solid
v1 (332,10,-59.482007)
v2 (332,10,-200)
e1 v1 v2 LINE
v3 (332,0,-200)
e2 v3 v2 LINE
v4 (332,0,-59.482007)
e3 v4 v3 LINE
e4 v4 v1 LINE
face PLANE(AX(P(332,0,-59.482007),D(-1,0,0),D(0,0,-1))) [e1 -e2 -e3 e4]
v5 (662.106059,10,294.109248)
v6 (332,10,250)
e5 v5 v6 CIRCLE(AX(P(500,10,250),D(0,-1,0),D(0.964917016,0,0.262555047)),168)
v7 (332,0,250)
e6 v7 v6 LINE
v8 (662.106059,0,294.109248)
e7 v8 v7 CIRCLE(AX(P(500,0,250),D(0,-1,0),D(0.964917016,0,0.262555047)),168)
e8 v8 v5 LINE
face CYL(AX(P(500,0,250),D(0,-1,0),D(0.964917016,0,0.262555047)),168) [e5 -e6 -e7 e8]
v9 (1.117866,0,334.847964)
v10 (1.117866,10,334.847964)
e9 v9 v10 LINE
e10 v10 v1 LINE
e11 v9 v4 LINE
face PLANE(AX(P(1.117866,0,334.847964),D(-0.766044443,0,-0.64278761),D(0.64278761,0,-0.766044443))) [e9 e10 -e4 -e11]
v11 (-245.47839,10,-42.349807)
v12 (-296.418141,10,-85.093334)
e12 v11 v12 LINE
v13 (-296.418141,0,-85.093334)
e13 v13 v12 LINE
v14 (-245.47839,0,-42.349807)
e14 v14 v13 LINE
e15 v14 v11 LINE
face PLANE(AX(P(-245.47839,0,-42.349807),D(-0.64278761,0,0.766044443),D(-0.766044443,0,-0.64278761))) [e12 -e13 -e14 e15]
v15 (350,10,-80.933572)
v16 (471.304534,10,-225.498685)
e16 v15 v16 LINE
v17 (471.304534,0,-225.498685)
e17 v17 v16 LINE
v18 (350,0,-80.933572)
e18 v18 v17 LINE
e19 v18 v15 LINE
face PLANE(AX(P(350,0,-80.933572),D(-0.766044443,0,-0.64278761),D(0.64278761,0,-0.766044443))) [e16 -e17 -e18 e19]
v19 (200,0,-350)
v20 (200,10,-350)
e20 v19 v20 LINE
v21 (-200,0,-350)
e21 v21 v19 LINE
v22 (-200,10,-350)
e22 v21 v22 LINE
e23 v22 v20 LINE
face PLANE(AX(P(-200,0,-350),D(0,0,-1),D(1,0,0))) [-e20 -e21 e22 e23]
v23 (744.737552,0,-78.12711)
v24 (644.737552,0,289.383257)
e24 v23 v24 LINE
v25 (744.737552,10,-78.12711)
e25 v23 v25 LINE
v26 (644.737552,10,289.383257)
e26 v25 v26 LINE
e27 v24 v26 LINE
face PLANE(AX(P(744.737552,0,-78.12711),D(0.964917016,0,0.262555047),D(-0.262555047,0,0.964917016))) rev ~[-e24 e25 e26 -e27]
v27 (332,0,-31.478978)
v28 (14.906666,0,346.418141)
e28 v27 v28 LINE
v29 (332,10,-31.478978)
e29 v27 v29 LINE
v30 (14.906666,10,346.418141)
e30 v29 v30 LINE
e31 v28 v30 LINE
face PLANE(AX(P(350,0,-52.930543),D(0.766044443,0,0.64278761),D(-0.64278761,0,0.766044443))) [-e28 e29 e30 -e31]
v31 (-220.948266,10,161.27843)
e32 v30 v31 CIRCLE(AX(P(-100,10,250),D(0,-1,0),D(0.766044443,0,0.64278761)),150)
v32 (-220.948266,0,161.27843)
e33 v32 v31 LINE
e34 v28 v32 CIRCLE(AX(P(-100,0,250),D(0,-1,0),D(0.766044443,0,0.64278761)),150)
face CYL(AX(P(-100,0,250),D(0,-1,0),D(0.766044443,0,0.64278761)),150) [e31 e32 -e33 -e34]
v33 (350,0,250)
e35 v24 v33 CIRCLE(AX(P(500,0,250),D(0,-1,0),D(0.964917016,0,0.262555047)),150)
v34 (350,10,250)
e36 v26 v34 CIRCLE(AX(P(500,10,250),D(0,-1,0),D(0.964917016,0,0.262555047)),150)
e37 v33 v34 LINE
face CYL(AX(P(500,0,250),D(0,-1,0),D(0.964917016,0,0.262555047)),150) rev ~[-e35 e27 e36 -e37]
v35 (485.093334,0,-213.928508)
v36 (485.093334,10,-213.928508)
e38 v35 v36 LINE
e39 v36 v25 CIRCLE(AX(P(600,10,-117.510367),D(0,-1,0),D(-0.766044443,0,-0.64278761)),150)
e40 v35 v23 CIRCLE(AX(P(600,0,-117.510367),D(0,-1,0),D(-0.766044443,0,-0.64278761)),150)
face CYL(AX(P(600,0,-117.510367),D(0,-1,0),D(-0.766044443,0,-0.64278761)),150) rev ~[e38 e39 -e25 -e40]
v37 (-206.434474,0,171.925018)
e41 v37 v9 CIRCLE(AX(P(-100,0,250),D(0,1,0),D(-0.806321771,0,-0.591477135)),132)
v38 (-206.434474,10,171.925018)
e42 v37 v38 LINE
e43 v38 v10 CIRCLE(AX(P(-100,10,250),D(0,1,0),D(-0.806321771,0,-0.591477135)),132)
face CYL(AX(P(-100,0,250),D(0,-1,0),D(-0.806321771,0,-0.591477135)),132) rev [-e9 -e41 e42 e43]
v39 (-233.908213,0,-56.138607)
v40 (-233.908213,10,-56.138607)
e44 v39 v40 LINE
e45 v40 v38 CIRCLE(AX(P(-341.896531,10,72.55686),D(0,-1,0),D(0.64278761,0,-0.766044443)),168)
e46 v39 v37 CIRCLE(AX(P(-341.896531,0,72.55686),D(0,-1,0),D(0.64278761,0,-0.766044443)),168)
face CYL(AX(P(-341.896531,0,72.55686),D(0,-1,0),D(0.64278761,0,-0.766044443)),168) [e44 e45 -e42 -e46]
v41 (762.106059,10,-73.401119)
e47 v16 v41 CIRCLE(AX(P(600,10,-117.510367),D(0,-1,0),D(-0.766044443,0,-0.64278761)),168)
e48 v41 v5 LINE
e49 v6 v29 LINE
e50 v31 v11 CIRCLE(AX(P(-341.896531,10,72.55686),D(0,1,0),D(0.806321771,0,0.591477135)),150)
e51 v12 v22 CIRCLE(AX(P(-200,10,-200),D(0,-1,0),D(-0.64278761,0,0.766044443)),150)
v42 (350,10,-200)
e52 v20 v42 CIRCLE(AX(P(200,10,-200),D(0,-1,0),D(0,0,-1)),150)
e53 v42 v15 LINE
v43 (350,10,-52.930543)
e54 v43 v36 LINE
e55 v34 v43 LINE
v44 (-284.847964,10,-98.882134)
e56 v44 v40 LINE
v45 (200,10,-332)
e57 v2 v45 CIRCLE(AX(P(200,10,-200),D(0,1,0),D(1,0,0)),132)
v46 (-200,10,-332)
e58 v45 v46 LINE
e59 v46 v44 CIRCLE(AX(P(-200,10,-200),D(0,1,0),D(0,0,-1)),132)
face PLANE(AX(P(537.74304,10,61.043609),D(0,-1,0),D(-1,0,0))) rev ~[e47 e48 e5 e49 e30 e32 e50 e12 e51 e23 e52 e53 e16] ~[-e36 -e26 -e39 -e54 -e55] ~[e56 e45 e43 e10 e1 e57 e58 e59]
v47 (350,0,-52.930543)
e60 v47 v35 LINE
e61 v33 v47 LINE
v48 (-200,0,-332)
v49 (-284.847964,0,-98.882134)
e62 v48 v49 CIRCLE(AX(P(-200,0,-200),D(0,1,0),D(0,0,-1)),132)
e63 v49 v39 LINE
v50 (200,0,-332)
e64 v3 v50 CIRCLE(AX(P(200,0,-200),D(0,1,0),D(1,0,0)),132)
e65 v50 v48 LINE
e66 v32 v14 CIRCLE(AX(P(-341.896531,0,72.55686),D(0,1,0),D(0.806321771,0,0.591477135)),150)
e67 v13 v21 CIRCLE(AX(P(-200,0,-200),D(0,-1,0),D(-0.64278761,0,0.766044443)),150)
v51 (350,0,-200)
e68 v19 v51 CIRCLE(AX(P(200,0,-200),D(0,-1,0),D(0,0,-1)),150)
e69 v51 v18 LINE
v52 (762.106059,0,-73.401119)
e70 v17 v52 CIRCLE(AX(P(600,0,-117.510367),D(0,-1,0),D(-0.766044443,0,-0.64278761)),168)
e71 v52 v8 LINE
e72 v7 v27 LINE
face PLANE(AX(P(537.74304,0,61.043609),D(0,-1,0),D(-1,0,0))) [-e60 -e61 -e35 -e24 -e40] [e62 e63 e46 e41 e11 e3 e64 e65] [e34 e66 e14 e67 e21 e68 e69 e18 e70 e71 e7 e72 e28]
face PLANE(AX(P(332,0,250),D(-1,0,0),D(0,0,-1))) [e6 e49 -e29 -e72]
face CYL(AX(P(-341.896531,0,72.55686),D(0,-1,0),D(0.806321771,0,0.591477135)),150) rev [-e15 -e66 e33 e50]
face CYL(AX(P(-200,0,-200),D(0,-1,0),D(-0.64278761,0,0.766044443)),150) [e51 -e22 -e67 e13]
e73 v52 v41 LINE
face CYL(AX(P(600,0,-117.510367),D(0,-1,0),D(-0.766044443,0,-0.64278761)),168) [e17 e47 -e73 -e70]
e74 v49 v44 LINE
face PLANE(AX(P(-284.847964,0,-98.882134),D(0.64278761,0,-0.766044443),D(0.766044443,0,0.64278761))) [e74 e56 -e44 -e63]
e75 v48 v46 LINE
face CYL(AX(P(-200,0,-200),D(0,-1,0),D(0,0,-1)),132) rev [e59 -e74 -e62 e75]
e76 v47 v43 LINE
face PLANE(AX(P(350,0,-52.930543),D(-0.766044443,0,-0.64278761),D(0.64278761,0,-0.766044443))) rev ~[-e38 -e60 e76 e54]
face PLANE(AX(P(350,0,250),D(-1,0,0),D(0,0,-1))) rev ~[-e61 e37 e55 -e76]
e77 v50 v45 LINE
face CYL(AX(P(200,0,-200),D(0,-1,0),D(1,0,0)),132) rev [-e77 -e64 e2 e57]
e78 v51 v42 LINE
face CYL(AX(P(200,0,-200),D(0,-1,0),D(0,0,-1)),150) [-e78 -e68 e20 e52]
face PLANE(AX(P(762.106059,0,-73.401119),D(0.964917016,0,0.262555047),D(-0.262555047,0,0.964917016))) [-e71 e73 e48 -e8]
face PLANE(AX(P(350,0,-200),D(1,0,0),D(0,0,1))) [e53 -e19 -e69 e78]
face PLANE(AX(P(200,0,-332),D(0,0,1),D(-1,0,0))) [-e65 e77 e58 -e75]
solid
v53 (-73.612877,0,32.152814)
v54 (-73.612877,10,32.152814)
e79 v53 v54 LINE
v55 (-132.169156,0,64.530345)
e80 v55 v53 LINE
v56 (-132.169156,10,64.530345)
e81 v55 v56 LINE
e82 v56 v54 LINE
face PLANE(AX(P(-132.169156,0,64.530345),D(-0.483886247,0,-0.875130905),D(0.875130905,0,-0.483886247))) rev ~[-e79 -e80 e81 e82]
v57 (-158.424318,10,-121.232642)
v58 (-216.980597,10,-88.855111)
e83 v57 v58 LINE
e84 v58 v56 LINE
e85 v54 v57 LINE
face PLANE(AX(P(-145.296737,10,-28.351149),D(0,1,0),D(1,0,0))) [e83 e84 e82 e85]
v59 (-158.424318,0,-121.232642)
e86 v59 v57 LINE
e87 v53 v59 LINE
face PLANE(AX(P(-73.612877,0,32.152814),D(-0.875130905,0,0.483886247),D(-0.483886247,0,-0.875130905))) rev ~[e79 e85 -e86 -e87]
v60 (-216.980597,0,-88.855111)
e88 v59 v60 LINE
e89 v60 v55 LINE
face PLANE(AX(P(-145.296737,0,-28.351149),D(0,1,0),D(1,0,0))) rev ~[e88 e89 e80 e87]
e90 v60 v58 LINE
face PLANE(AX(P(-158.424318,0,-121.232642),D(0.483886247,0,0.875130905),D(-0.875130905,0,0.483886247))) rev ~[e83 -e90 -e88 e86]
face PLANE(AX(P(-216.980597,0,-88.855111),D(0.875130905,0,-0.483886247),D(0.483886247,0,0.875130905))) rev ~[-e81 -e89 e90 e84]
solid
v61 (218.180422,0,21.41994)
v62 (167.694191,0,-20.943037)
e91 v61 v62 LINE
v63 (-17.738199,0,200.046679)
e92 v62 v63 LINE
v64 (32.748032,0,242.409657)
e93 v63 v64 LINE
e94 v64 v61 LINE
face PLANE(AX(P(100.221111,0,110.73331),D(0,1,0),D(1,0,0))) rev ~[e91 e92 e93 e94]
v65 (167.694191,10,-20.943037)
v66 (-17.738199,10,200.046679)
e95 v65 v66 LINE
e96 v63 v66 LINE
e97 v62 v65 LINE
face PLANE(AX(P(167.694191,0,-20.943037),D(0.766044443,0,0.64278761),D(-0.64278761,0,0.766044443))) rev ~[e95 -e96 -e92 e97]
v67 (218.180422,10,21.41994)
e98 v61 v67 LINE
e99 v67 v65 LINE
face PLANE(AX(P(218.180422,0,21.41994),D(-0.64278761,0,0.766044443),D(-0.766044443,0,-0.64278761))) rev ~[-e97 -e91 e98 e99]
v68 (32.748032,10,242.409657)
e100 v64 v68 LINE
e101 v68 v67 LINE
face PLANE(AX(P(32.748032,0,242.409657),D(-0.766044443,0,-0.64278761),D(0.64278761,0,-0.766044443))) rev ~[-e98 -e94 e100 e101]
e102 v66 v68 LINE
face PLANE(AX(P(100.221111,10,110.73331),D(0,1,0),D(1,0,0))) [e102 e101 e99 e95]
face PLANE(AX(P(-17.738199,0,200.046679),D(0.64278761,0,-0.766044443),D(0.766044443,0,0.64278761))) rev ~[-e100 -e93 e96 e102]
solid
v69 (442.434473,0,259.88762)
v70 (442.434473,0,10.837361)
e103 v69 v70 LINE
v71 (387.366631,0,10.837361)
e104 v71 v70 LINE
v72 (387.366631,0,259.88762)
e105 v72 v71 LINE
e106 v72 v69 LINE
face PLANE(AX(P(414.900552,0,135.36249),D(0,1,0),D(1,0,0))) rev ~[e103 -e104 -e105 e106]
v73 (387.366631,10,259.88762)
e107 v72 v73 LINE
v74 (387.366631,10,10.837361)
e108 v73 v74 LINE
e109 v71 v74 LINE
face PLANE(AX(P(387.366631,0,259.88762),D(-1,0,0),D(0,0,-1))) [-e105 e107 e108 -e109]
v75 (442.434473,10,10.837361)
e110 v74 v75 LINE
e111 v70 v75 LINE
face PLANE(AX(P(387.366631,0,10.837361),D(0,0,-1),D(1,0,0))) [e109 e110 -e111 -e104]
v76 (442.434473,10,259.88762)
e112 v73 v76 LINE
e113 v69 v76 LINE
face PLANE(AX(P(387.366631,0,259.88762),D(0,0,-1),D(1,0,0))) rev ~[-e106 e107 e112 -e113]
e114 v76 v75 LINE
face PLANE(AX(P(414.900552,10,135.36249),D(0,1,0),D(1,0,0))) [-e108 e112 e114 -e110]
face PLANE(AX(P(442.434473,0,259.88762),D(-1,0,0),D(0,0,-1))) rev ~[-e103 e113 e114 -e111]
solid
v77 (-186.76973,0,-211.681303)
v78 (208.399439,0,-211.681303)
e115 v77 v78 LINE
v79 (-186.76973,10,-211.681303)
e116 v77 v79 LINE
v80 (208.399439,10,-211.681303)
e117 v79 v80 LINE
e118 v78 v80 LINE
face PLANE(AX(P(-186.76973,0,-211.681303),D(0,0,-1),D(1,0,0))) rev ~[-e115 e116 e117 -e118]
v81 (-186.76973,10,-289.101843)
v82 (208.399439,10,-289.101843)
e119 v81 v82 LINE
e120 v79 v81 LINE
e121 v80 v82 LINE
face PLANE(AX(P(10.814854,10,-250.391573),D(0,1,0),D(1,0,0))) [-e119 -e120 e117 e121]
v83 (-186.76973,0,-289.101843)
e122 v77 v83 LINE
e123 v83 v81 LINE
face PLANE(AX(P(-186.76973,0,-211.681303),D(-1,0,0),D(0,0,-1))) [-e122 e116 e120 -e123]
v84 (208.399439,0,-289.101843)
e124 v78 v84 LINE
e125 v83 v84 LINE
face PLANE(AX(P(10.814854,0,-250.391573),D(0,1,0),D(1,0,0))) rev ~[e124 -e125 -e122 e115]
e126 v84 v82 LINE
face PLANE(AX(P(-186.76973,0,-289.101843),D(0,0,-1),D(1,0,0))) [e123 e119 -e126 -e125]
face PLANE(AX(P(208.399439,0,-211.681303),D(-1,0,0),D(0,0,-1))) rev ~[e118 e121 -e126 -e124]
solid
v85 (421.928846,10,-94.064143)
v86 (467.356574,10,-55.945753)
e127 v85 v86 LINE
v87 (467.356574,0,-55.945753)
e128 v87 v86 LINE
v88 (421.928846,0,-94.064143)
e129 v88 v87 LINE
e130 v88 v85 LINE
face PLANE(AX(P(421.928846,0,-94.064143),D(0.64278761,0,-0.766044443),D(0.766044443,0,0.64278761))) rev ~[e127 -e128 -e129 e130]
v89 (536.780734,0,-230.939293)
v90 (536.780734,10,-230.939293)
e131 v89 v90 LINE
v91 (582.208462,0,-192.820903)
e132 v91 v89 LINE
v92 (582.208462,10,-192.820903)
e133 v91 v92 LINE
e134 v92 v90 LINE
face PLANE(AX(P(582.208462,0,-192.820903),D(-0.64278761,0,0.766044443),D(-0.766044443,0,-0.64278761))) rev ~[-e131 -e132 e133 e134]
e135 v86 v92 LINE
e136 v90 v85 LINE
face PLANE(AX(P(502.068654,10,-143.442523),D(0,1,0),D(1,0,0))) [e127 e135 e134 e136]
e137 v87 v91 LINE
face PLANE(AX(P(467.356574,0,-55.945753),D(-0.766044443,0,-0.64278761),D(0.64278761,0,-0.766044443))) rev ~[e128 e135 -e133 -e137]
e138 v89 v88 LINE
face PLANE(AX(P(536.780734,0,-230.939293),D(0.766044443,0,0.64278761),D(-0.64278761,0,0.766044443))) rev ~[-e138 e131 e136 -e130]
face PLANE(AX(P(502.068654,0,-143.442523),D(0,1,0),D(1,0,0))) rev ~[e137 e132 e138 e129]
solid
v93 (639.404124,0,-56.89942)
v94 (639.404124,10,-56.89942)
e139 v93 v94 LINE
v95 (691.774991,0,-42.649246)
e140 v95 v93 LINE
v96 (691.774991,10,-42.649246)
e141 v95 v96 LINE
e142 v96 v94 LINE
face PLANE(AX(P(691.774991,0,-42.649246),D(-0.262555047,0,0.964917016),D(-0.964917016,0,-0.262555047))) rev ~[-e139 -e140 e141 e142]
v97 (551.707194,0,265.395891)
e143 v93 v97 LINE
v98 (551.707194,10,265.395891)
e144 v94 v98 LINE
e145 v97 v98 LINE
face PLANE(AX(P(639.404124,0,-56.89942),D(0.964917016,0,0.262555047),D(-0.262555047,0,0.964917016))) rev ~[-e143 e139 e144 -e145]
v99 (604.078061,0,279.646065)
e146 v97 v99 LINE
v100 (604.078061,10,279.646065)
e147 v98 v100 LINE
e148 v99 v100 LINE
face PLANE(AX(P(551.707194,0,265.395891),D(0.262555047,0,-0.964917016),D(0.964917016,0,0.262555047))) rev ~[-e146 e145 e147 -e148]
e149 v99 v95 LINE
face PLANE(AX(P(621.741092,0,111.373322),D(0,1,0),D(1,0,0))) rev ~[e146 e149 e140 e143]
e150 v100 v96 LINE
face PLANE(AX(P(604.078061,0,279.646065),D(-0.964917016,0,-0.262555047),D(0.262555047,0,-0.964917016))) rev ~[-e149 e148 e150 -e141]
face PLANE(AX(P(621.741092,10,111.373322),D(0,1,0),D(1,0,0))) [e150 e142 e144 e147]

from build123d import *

# Parameters (mm, degrees)
BOSS_EXTRUDE1_DEPTH   = 10
BOSS_EXTRUDE4_DEPTH   = 10
CUT_EXTRUDE1_DEPTH    = 875.441536067
BOSS_EXTRUDE5_DEPTH   = 10
SKETCH7_W             = 395.169169126
SKETCH7_H             = 77.42054027
BOSS_EXTRUDE5_2_DEPTH = 10
BOSS_EXTRUDE5_3_DEPTH = 10
SKETCH7_W_2           = 55.067842443
SKETCH7_H_2           = 249.05025975
BOSS_EXTRUDE5_4_DEPTH = 10
BOSS_EXTRUDE5_5_DEPTH = 10
BOSS_EXTRUDE5_6_DEPTH = 10


with BuildPart() as part:
    # Sketch4 → Boss-Extrude1 (new body)
    with BuildSketch(Plane(origin=(0, 0, 0), x_dir=(1, 0, 0), z_dir=(0, 1, 0))):
        with BuildLine():
            Line((350, 200), (350, 52.930542638))
            Line((350, 52.930542638), (14.906666468, -346.418141453))
            ThreePointArc((14.906666468, -346.418141453), (-192.619131059, -367.990239265), (-220.948265722, -161.2784298))
            ThreePointArc((-220.948265722, -161.2784298), (-192.973217507, -54.616776941), (-245.478389991, 42.349806868))
            Line((-245.478389991, 42.349806868), (-296.418141453, 85.093333532))
            ThreePointArc((-296.418141453, 85.093333532), (-340.953893118, 251.303021499), (-200, 350))
            Line((-200, 350), (200, 350))
            ThreePointArc((200, 350), (306.066017178, 306.066017178), (350, 200))
        make_face()
        with BuildLine():
            Line((1.117866492, -334.847964479), (332, 59.482006855))
            Line((332, 59.482006855), (332, 200))
            ThreePointArc((332, 200), (293.338095117, 293.338095117), (200, 332))
            Line((200, 332), (-200, 332))
            ThreePointArc((-200, 332), (-324.039425944, 245.146658919), (-284.847964479, 98.882133508))
            Line((-284.847964479, 98.882133508), (-233.908213017, 56.138606845))
            ThreePointArc((-233.908213017, 56.138606845), (-175.102419834, -52.463967022), (-206.434473835, -171.925018224))
            ThreePointArc((-206.434473835, -171.925018224), (-181.504835332, -353.831410553), (1.117866492, -334.847964479))
        make_face(mode=Mode.SUBTRACT)
    extrude(amount=BOSS_EXTRUDE1_DEPTH)

    # Sketch5 → Boss-Extrude4 (add)
    with BuildSketch(Plane(origin=(0, 0, 0), x_dir=(1, 0, 0), z_dir=(0, 1, 0))):
        with BuildLine():
            Line((762.106058652, 73.40111888), (662.106058652, -294.109247878))
            ThreePointArc((662.106058652, -294.109247878), (477.749357914, -416.519995576), (332, -250))
            Line((332, -250), (332, 31.478977972))
            Line((332, 31.478977972), (350, 52.930542638))
            Line((350, 52.930542638), (350, 80.933571522))
            Line((350, 80.933571522), (471.304533556, 225.498685185))
            ThreePointArc((471.304533556, 225.498685185), (677.86195693, 266.377810019), (762.106058652, 73.40111888))
        make_face()
    extrude(amount=BOSS_EXTRUDE4_DEPTH)

    # Sketch6 → Cut-Extrude1 (cut, through all)
    with BuildSketch(Plane(origin=(0, 0, 0), x_dir=(1, 0, 0), z_dir=(0, 1, 0))):
        with BuildLine():
            Line((744.737552368, 78.127109724), (644.737552368, -289.383257034))
            ThreePointArc((644.737552368, -289.383257034), (480.13335528, -398.678567479), (350, -250))
            Line((350, -250), (350, 52.930542638))
            Line((350, 52.930542638), (485.093333532, 213.928508211))
            ThreePointArc((485.093333532, 213.928508211), (669.519604402, 250.427726812), (744.737552368, 78.127109724))
        make_face()
    extrude(amount=CUT_EXTRUDE1_DEPTH, mode=Mode.SUBTRACT)


with BuildPart() as body_2:
    # Sketch7 → Boss-Extrude5 (new body)
    with BuildSketch(Plane(origin=(0, 0, 0), x_dir=(1, 0, 0), z_dir=(0, 1, 0))):
        Polygon((32.748032026, -242.409656931), (218.180421735, -21.419940312), (167.694190818, 20.94303743), (-17.738198891, -200.046679189), align=None)
    extrude(amount=BOSS_EXTRUDE5_DEPTH)


with BuildPart() as body_3:
    # Sketch7 → Boss-Extrude5 2 (new body)
    with BuildSketch(Plane(origin=(0, 0, 0), x_dir=(1, 0, 0), z_dir=(0, 1, 0))):
        with Locations((10.81485439, 250.391573314)):
            Rectangle(SKETCH7_W, SKETCH7_H)
    extrude(amount=BOSS_EXTRUDE5_2_DEPTH)


with BuildPart() as body_4:
    # Sketch7 → Boss-Extrude5 3 (new body)
    with BuildSketch(Plane(origin=(0, 0, 0), x_dir=(1, 0, 0), z_dir=(0, 1, 0))):
        Polygon((604.078060814, -279.646065012), (691.774991352, 42.649246046), (639.404124107, 56.899420187), (551.707193568, -265.395890872), align=None)
    extrude(amount=BOSS_EXTRUDE5_3_DEPTH)


with BuildPart() as body_5:
    # Sketch7 → Boss-Extrude5 4 (new body)
    with BuildSketch(Plane(origin=(0, 0, 0), x_dir=(1, 0, 0), z_dir=(0, 1, 0))):
        with Locations((414.900552271, -135.362490407)):
            Rectangle(SKETCH7_W_2, SKETCH7_H_2)
    extrude(amount=BOSS_EXTRUDE5_4_DEPTH)


with BuildPart() as body_6:
    # Sketch7 → Boss-Extrude5 5 (new body)
    with BuildSketch(Plane(origin=(0, 0, 0), x_dir=(1, 0, 0), z_dir=(0, 1, 0))):
        Polygon((-216.980596567, 88.855111246), (-132.16915587, -64.530345215), (-73.612877021, -32.152814218), (-158.424317717, 121.232642243), align=None)
    extrude(amount=BOSS_EXTRUDE5_5_DEPTH)


with BuildPart() as body_7:
    # Sketch7 → Boss-Extrude5 6 (new body)
    with BuildSketch(Plane(origin=(0, 0, 0), x_dir=(1, 0, 0), z_dir=(0, 1, 0))):
        Polygon((536.780734207, 230.939292617), (421.92884631, 94.064142599), (467.356573726, 55.94575328), (582.208461623, 192.820903297), align=None)
    extrude(amount=BOSS_EXTRUDE5_6_DEPTH)


solid = Compound([part.part, body_2.part, body_3.part, body_4.part, body_5.part, body_6.part, body_7.part])
